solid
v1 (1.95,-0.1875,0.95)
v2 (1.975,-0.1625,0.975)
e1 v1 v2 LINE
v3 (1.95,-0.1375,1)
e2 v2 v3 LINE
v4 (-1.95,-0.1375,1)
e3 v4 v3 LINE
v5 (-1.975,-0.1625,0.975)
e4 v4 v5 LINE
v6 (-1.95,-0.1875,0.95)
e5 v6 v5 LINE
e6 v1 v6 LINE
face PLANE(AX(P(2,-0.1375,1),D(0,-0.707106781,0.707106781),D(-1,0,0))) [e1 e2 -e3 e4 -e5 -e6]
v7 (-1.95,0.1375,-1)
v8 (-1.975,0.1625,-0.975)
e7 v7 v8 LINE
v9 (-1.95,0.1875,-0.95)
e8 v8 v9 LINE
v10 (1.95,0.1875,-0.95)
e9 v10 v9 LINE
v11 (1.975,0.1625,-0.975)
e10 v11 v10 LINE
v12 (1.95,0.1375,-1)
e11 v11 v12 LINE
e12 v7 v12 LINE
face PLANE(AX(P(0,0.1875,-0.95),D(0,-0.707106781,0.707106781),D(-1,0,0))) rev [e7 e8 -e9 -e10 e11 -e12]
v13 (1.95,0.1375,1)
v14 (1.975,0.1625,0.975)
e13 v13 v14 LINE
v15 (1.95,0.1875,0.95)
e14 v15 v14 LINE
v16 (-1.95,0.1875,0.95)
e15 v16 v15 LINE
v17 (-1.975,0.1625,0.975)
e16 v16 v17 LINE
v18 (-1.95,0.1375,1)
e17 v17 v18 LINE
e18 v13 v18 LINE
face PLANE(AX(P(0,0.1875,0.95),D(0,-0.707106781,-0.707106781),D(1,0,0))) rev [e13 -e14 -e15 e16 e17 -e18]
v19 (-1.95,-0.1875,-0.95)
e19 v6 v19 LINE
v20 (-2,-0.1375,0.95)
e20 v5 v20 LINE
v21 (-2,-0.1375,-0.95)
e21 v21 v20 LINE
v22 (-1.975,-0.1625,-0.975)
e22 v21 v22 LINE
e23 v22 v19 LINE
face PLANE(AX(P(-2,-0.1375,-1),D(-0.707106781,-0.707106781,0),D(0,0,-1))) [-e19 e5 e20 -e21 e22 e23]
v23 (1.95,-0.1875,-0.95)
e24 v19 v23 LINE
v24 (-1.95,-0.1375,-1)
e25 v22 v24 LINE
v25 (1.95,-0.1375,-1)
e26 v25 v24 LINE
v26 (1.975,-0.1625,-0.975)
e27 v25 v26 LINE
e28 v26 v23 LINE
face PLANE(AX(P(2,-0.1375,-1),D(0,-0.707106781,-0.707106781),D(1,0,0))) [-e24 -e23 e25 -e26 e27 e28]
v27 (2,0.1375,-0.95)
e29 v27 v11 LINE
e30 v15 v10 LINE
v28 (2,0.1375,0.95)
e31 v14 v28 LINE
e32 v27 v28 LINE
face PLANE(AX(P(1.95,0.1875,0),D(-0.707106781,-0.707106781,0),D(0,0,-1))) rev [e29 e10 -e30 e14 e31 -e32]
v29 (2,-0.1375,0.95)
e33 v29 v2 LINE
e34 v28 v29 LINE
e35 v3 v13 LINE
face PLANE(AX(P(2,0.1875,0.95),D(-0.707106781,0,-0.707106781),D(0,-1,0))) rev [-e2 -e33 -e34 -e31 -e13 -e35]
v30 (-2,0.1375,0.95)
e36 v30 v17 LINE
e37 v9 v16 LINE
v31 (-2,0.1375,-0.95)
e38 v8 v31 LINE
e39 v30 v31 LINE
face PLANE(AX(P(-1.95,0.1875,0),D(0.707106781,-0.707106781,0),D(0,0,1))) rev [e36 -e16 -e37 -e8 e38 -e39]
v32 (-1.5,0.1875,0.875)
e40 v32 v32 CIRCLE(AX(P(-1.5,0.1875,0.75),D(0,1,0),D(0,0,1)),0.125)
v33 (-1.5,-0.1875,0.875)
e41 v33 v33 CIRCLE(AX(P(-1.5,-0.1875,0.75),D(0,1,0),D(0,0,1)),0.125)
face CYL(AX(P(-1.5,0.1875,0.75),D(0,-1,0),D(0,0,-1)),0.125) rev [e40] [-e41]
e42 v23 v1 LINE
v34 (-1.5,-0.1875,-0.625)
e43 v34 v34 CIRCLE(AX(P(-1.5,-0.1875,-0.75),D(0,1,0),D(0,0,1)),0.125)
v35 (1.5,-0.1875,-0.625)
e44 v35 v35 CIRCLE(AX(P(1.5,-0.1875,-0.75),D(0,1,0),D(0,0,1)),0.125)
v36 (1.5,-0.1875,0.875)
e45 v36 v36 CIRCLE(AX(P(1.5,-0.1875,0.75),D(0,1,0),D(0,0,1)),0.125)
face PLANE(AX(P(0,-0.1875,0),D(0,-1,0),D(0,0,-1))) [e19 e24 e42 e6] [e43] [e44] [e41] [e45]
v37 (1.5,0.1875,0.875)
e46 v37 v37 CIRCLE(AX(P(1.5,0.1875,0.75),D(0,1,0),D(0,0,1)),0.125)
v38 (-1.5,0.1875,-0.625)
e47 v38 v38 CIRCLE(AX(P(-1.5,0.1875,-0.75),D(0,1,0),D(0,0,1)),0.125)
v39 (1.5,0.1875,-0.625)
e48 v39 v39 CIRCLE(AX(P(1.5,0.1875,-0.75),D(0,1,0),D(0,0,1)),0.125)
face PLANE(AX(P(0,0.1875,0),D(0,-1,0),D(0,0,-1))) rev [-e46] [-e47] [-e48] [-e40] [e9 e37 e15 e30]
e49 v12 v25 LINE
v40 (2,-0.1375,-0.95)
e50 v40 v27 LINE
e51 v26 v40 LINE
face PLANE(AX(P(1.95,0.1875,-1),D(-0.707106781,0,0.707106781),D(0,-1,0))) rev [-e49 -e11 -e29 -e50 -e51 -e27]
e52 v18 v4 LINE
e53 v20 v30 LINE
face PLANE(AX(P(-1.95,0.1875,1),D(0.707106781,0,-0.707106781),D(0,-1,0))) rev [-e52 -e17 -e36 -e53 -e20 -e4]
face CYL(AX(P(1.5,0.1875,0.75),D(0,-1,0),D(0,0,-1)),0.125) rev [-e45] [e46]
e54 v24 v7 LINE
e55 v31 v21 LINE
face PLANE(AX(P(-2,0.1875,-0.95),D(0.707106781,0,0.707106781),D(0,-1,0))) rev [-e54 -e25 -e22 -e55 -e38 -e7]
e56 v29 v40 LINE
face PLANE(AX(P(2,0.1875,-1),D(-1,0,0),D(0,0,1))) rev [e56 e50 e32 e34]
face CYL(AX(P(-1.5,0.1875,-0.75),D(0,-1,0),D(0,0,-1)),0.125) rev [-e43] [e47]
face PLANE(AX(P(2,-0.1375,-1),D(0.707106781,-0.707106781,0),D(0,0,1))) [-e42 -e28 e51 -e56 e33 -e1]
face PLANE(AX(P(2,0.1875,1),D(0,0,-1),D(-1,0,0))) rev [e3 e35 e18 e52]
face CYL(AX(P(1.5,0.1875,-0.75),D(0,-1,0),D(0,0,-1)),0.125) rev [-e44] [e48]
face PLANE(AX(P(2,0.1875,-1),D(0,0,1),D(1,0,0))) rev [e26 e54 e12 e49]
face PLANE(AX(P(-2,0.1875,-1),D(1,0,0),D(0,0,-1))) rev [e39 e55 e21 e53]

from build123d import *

# Parameters (mm, degrees)
SKETCH1_W           = 4
SKETCH1_H           = 2
SKETCH1_R           = 0.125
BOSS_EXTRUDE1_DEPTH = 0.1875
CHAMFER1_SIZE       = 0.05
CHAMFER2_SIZE       = 0.05


with BuildPart() as part:
    # Sketch1 → Boss-Extrude1 (new body, symmetric)
    with BuildSketch(Plane(origin=(0, 0, 0), x_dir=(1, 0, 0), z_dir=(0, 1, 0))):
        Rectangle(SKETCH1_W, SKETCH1_H)
        with Locations((-1.5, 0.75)):
            Circle(SKETCH1_R, mode=Mode.SUBTRACT)
        with Locations((1.5, 0.75)):
            Circle(SKETCH1_R, mode=Mode.SUBTRACT)
        with Locations((1.5, -0.75)):
            Circle(SKETCH1_R, mode=Mode.SUBTRACT)
        with Locations((-1.5, -0.75)):
            Circle(SKETCH1_R, mode=Mode.SUBTRACT)
    extrude(amount=BOSS_EXTRUDE1_DEPTH, both=True)

    # Chamfer1
    chamfer1_edges = [part.edges().sort_by_distance(p)[0] for p in [
        (2, 0.1875, 0),
        (0, 0.1875, -1),
        (-2, 0.1875, 0),
        (0, -0.1875, -1),
        (2, -0.1875, 0),
        (0, -0.1875, 1),
        (-2, -0.1875, 0),
        (0, 0.1875, 1),
    ]]
    chamfer(chamfer1_edges, length=CHAMFER1_SIZE)

    # Chamfer2
    chamfer2_edges = [part.edges().sort_by_distance(p)[0] for p in [
        (-2, 0, 1),
        (-2, 0, -1),
        (2, 0, 1),
        (2, 0, -1),
    ]]
    chamfer(chamfer2_edges, length=CHAMFER2_SIZE)


solid = part.part
